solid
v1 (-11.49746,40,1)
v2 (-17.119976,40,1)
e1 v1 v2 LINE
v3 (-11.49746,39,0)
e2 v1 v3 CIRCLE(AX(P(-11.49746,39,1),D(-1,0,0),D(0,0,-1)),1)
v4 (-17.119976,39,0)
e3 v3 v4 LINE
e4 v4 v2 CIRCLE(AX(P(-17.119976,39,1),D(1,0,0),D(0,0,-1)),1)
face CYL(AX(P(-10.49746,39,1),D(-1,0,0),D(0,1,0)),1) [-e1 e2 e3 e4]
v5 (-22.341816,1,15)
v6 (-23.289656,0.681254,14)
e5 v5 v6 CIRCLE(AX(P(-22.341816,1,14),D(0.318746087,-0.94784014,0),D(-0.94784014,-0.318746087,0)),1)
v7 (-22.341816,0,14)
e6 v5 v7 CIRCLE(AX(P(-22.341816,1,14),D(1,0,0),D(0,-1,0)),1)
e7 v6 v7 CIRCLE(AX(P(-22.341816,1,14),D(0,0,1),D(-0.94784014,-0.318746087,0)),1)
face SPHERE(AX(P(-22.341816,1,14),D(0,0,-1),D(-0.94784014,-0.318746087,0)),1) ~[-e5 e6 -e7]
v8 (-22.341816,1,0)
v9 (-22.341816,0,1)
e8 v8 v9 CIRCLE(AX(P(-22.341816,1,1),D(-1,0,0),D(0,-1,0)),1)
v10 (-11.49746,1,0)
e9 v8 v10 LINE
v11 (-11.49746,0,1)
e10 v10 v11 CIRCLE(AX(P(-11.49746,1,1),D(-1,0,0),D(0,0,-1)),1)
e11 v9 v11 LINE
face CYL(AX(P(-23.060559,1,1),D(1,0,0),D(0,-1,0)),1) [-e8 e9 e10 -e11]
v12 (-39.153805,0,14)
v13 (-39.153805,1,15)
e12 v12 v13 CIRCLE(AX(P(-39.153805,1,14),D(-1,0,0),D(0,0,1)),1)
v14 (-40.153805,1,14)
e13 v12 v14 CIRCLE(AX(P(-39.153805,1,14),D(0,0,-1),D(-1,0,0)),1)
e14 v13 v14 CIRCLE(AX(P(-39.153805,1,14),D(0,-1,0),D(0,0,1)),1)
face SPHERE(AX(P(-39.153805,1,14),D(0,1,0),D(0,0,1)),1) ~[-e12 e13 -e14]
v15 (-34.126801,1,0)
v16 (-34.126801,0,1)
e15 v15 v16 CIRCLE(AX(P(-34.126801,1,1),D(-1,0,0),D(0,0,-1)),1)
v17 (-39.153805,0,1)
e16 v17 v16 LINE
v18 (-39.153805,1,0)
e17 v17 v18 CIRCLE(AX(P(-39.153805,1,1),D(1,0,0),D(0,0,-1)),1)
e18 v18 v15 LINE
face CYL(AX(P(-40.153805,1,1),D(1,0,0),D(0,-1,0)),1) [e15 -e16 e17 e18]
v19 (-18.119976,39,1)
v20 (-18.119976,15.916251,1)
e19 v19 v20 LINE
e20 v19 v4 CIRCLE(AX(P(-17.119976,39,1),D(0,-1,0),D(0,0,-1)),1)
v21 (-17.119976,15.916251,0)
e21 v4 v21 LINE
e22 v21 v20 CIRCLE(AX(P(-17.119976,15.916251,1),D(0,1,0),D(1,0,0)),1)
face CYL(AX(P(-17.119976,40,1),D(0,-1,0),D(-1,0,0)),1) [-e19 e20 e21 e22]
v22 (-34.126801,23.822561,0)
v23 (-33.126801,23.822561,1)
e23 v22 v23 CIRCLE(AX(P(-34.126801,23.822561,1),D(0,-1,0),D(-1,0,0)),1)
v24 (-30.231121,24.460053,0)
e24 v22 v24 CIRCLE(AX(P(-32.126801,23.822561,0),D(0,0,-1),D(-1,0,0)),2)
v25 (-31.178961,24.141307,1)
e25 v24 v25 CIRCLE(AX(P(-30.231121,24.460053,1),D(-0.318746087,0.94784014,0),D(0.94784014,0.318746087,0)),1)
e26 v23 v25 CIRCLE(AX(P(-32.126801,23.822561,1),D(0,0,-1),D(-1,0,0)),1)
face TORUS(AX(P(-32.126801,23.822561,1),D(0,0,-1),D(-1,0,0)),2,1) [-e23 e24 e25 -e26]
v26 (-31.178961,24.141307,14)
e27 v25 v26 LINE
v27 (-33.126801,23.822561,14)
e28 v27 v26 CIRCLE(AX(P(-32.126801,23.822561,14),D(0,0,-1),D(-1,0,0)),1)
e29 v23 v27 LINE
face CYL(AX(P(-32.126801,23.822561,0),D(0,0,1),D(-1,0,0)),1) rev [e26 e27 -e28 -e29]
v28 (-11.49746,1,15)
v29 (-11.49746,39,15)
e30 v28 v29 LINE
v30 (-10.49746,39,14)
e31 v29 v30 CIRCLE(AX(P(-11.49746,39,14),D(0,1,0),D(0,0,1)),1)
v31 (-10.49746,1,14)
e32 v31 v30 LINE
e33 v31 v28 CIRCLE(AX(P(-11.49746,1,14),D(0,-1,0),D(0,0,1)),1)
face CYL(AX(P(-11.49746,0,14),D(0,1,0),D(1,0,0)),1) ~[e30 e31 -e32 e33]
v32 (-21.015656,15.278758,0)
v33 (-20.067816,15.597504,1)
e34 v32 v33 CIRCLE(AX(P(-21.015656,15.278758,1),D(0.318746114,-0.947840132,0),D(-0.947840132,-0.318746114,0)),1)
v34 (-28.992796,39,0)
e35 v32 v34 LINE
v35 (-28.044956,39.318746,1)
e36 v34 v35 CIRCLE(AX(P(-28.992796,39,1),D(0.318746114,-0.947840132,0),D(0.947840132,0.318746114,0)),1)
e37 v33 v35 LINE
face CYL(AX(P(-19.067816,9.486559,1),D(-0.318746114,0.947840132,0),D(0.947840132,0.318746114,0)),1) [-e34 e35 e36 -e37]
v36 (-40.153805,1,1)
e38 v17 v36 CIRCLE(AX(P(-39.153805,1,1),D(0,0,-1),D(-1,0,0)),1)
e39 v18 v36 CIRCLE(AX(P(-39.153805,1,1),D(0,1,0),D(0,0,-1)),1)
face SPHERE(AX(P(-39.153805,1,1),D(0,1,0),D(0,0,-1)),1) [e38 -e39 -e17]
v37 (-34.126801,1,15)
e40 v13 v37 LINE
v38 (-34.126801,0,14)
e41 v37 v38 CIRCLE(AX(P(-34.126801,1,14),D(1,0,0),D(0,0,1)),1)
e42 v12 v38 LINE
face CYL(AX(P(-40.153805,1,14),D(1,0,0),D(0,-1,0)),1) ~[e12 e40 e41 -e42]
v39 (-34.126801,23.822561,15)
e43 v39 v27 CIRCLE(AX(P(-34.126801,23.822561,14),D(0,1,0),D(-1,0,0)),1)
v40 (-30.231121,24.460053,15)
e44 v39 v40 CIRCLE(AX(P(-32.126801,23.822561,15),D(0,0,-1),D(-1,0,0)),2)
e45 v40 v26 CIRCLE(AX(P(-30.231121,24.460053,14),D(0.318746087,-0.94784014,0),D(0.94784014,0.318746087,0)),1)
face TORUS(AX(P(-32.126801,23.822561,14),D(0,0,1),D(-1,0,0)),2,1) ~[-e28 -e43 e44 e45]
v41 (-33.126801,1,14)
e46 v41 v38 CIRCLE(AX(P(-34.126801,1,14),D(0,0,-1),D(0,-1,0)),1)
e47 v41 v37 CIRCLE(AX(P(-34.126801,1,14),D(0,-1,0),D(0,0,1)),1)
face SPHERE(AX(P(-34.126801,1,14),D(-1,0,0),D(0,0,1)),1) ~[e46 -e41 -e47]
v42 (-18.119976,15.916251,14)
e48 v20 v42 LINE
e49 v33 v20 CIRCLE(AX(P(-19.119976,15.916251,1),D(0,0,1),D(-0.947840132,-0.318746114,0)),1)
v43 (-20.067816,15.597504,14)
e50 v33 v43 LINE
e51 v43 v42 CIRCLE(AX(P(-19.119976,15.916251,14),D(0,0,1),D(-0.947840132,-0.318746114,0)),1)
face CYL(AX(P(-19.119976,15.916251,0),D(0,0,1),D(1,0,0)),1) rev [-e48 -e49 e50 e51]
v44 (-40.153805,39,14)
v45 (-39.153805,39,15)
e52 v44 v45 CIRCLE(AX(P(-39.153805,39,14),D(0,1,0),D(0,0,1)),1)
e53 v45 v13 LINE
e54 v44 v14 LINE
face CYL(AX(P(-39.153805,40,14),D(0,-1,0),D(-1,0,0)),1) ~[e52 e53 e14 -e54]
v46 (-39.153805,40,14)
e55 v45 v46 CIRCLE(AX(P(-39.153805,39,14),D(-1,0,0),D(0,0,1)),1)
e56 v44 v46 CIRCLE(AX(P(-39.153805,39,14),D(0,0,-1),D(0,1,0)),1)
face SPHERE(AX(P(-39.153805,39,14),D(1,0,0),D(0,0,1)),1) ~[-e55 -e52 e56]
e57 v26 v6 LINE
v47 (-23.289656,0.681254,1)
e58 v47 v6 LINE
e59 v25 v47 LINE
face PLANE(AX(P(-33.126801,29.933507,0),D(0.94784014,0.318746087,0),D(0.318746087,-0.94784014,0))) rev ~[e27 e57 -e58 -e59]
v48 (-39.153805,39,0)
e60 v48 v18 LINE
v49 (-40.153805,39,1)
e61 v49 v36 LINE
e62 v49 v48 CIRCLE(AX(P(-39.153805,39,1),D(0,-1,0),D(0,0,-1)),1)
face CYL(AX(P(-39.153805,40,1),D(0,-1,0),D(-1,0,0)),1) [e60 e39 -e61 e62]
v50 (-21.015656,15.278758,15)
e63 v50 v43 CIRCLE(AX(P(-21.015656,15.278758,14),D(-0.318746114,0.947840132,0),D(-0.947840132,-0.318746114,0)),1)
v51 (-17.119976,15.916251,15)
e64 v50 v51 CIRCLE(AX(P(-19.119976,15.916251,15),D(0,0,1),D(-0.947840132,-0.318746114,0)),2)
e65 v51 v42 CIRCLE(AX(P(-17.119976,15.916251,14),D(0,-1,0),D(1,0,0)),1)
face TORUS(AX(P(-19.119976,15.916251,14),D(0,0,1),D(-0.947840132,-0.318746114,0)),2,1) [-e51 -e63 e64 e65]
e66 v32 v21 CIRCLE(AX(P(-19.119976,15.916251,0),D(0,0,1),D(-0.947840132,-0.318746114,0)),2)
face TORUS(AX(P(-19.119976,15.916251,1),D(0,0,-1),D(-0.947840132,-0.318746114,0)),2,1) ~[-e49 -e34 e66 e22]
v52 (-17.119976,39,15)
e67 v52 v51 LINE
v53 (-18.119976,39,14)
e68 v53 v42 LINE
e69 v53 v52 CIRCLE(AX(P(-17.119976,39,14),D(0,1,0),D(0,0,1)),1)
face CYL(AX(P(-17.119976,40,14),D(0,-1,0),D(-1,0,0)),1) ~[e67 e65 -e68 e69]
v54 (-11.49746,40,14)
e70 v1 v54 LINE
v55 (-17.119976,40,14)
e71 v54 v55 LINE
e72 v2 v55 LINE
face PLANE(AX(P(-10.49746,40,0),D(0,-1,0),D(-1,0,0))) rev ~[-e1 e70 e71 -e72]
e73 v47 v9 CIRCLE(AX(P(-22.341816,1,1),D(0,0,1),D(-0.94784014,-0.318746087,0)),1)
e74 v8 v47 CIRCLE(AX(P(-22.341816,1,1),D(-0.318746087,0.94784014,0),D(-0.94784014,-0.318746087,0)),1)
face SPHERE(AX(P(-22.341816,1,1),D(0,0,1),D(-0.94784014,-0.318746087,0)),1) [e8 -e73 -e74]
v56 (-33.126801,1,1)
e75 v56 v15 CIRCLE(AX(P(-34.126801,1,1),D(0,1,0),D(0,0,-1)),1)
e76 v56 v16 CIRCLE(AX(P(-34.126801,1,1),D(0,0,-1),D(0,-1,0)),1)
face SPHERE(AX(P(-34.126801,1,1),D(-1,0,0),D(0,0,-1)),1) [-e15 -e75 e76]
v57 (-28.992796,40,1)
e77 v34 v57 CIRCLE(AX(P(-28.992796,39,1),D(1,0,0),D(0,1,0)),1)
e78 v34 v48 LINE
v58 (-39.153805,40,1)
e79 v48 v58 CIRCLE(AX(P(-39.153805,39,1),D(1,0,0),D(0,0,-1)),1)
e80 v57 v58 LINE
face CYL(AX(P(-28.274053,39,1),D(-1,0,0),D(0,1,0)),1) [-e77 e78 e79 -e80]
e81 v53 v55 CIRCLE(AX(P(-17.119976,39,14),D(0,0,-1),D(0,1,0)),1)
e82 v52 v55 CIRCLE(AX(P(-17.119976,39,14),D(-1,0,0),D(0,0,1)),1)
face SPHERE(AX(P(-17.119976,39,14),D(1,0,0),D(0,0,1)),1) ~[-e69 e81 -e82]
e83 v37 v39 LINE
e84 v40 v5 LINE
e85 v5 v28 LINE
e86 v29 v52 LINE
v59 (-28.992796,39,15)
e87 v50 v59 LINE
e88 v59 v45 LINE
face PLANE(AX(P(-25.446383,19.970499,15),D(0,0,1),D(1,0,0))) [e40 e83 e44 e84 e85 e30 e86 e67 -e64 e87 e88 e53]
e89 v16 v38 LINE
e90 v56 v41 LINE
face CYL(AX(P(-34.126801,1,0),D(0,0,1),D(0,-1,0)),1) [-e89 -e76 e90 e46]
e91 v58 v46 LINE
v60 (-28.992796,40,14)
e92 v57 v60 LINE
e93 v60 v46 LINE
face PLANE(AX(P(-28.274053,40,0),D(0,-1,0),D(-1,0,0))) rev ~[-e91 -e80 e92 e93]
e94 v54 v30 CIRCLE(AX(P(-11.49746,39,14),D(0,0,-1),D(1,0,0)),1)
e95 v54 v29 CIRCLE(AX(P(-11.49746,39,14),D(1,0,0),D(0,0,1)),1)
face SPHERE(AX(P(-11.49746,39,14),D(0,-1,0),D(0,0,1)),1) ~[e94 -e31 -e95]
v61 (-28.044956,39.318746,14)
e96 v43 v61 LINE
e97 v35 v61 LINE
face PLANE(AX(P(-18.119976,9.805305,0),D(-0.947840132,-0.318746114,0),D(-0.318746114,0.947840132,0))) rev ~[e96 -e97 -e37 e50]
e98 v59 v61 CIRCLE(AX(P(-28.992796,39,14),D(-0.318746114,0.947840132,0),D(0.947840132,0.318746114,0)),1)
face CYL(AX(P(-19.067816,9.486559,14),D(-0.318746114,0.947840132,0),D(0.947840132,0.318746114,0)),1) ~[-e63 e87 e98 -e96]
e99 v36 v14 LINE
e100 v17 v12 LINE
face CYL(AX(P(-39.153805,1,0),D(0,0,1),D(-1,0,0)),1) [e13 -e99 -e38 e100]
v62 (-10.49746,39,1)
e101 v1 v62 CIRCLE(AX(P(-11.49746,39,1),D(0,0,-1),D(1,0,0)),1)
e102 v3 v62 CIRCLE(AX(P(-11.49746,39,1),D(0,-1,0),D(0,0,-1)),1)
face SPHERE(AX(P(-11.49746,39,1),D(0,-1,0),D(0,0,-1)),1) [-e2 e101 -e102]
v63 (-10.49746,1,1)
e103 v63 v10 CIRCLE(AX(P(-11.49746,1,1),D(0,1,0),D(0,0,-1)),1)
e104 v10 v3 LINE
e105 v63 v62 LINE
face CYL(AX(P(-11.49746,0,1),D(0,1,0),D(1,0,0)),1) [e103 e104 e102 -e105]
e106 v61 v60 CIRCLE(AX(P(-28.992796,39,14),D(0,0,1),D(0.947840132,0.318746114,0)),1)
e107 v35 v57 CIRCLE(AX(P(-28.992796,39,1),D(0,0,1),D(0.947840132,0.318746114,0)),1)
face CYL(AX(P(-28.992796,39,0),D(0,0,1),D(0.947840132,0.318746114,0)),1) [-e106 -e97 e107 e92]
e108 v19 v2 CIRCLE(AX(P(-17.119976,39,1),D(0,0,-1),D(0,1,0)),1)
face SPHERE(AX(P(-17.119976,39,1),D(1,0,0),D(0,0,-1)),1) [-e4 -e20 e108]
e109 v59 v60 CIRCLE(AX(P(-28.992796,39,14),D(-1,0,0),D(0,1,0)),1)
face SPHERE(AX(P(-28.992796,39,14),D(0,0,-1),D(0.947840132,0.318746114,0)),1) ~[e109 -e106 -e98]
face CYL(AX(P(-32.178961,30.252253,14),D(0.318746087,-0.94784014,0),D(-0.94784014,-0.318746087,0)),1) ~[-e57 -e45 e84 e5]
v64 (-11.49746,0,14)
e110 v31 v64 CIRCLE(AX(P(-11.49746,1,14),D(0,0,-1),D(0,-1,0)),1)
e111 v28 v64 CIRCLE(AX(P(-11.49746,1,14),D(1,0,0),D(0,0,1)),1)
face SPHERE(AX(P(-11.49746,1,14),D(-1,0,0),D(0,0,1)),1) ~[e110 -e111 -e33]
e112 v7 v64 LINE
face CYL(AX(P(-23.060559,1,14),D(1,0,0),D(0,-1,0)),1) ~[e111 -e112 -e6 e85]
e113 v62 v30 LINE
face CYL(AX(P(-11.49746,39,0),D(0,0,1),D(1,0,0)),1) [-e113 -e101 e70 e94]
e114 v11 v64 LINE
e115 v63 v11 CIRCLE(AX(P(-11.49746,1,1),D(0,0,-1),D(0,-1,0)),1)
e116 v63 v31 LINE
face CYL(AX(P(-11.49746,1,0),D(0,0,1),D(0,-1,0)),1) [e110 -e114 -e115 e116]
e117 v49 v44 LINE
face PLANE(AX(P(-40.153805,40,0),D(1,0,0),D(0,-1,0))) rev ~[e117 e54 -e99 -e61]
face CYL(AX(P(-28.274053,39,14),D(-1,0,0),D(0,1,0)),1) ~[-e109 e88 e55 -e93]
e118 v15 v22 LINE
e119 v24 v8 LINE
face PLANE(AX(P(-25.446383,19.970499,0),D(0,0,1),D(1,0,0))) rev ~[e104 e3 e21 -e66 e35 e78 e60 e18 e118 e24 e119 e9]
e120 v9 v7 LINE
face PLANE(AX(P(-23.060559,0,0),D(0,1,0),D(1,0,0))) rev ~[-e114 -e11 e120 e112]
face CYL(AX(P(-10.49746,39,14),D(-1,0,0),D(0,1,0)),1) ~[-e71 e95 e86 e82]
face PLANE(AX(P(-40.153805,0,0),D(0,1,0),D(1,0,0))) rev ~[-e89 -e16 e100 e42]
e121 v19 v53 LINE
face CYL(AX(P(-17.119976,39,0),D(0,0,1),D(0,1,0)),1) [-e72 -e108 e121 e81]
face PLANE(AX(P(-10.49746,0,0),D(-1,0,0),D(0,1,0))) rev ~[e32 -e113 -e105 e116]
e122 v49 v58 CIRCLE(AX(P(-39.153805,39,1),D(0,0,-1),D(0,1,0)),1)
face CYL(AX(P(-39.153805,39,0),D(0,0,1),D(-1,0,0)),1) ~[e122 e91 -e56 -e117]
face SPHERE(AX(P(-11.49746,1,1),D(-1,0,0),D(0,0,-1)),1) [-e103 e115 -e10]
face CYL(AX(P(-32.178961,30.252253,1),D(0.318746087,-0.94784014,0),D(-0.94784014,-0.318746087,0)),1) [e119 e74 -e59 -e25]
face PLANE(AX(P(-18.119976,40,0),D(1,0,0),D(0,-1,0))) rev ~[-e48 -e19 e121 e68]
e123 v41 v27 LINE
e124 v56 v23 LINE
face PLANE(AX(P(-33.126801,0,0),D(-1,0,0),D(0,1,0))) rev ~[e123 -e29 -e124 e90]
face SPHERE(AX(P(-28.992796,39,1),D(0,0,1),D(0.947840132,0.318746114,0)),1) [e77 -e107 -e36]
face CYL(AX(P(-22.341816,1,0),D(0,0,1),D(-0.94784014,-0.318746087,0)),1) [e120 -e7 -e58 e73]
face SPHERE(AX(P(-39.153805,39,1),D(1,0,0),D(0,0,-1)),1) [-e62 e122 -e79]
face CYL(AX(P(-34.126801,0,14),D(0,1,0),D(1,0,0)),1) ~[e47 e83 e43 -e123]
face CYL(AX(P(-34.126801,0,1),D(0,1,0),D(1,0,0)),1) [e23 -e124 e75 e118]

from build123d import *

# Parameters (mm, degrees)
F1_DEPTH = 15
F2_R     = 1


with BuildPart() as f1:
    # F0 (on Top) → F1 (new body)
    with BuildSketch(Plane.XY):
        Polygon((-40.153805, 40), (-40.153805, 0), (-33.126801, 0), (-33.126801, 29.933507), (-23.060559, 0), (-10.49746, 0), (-10.49746, 40), (-18.119976, 40), (-18.119976, 9.805305), (-28.274053, 40), align=None)
    extrude(amount=F1_DEPTH)

    # F2
    f2_edges = [f1.edges().sort_by_distance(p)[0] for p in [
        (-23.197014, 24.902652, 15),
        (-34.213929, 40, 15),
        (-40.153805, 20, 15),
        (-36.640303, 0, 15),
        (-33.126801, 14.966753, 15),
        (-28.09368, 14.966753, 15),
        (-16.779009, 0, 15),
        (-10.49746, 20, 15),
        (-14.308718, 40, 15),
        (-18.119976, 24.902652, 15),
        (-23.197014, 24.902652, 0),
        (-34.213929, 40, 0),
        (-40.153805, 20, 0),
        (-36.640303, 0, 0),
        (-33.126801, 14.966753, 0),
        (-28.09368, 14.966753, 0),
        (-16.779009, 0, 0),
        (-10.49746, 20, 0),
        (-14.308718, 40, 0),
        (-18.119976, 24.902652, 0),
        (-23.060559, 0, 7.5),
        (-10.49746, 0, 7.5),
        (-40.153805, 0, 7.5),
        (-33.126801, 0, 7.5),
        (-28.274053, 40, 7.5),
        (-40.153805, 40, 7.5),
        (-10.49746, 40, 7.5),
        (-18.119976, 40, 7.5),
        (-33.126801, 29.933507, 7.5),
        (-18.119976, 9.805305, 7.5),
    ]]
    fillet(f2_edges, radius=F2_R)


solid = f1.part
